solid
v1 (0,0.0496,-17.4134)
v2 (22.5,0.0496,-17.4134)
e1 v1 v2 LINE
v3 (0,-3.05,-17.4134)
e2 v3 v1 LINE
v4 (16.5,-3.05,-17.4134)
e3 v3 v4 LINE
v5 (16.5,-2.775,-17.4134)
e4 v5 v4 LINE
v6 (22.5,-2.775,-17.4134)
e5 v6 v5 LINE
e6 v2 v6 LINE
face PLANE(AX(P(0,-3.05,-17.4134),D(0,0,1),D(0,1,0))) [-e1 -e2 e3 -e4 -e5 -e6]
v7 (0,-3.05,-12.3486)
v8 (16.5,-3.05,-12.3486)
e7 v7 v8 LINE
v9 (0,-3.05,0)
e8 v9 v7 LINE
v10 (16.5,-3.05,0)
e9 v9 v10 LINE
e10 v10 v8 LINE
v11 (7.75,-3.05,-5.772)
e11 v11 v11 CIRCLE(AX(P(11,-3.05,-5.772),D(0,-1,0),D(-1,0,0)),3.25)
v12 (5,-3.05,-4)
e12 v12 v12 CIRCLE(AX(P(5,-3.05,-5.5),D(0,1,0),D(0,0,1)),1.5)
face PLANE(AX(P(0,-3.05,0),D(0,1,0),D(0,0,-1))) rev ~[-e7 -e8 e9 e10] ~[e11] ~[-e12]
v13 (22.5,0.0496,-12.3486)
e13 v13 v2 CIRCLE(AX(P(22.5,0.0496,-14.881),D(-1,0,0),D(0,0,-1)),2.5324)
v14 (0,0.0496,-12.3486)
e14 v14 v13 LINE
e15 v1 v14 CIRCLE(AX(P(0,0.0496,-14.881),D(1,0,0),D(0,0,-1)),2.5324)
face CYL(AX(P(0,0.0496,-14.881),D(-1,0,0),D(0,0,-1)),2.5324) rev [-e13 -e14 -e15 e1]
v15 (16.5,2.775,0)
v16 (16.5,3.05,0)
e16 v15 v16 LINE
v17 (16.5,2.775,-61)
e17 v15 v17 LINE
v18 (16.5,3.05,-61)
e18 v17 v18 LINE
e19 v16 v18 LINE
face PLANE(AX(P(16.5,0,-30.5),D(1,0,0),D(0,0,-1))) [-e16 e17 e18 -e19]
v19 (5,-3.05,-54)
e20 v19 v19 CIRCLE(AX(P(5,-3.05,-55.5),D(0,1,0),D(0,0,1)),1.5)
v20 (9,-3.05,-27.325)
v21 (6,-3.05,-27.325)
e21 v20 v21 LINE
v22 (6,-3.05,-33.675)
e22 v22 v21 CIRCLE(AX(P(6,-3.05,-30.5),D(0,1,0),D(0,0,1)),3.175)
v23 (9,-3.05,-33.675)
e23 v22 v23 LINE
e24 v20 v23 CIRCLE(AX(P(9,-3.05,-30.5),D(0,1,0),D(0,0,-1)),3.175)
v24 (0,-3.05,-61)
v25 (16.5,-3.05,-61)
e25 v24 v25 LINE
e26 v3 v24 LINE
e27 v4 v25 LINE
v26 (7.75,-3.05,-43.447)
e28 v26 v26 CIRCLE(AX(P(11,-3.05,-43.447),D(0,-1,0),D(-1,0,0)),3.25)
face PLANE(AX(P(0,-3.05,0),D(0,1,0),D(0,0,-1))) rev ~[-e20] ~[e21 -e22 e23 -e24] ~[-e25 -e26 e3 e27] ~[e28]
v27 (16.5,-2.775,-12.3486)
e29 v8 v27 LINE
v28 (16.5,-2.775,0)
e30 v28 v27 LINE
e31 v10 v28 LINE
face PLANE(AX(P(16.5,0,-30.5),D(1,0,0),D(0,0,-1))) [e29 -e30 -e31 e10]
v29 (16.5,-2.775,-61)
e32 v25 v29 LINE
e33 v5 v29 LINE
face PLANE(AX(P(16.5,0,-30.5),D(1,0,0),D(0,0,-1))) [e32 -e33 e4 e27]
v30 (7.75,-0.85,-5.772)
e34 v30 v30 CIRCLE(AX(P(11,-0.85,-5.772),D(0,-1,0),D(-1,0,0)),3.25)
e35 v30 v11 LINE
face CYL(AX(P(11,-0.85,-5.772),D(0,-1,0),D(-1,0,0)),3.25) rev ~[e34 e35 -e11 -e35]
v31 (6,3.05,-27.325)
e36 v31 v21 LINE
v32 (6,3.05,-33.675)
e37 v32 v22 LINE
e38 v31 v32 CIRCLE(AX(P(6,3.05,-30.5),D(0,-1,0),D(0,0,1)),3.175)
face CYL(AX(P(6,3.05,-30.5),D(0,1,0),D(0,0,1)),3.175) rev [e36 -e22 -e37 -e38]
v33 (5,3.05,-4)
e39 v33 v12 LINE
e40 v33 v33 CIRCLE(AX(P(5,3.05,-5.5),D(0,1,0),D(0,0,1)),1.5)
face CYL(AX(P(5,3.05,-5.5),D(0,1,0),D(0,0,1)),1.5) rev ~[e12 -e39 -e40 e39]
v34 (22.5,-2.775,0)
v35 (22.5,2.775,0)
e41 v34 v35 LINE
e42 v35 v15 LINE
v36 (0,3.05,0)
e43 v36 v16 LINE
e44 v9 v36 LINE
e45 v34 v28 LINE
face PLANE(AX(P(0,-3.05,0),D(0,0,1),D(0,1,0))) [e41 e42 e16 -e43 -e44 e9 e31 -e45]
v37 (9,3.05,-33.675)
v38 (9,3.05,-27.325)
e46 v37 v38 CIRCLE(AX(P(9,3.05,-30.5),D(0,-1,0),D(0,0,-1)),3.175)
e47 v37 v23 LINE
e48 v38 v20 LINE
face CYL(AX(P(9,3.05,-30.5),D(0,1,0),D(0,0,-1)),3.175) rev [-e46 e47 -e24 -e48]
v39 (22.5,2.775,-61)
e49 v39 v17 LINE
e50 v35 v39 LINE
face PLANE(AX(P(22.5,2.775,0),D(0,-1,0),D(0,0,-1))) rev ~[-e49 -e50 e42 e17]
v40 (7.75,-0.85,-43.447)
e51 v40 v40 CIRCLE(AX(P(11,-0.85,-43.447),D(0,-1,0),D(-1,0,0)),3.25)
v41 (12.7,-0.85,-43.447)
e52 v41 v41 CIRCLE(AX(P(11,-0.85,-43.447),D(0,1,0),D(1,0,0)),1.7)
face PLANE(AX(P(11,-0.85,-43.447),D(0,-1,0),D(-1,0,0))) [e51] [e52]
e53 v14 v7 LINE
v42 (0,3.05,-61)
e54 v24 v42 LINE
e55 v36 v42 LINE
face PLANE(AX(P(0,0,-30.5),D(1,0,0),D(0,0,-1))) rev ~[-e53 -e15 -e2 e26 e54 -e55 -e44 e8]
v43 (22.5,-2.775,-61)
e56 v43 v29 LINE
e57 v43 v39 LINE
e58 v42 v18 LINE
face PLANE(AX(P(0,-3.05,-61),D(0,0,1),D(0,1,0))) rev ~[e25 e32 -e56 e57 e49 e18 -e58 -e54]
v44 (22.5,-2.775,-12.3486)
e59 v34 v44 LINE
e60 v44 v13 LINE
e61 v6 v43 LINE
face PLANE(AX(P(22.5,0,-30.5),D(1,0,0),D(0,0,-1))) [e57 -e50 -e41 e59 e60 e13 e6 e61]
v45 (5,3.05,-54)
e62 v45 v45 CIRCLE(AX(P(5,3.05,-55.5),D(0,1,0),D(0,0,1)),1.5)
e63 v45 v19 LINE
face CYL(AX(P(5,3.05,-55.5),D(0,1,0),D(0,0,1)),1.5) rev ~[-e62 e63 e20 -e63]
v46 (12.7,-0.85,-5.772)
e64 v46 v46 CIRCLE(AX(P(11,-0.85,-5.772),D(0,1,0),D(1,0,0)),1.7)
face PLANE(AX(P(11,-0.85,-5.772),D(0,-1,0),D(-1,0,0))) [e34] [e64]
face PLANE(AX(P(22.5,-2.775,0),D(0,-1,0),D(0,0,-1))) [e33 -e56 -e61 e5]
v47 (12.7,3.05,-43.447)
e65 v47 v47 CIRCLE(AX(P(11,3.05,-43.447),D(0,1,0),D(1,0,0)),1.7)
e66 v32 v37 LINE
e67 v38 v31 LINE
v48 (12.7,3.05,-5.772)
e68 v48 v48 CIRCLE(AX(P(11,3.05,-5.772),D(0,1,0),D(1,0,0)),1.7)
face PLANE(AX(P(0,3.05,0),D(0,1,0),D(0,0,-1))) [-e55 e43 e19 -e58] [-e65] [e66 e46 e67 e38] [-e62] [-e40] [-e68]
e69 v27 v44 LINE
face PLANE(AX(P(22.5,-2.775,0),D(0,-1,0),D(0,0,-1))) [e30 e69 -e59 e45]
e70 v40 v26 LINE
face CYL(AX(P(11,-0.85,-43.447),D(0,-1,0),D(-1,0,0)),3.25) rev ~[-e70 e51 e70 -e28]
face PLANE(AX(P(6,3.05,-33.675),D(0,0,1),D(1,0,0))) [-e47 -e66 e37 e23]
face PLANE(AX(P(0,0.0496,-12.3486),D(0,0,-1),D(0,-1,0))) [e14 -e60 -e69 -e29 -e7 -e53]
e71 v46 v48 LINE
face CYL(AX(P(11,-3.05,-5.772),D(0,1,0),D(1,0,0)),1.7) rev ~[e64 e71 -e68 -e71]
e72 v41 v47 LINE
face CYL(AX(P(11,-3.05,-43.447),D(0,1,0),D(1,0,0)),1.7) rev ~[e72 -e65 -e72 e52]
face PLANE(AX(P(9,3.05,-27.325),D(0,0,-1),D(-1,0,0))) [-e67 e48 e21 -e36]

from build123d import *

# Parameters (mm, degrees)
SKETCH1_W                                        = 61
SKETCH1_H                                        = 6.1
BOSS_EXTRUDE1_DEPTH                              = 22.5
SKETCH2_OUTSIDE_W                                = 76.06
SKETCH2_OUTSIDE_H                                = 21.16
SKETCH2_OUTSIDE_W_2                              = 61
SKETCH2_OUTSIDE_H_2                              = 5.55
CUT_EXTRUDE1_DEPTH                               = 6
CUT_EXTRUDE3_DEPTH                               = 23.5
CUT_EXTRUDE4_DEPTH                               = 7.1
SKETCH7_R                                        = 1.5
CUT_EXTRUDE5_DEPTH                               = 7.1
CBORE_FOR_M3_PAN_HEAD_MACHINE_SCREW2_D           = 3.4
CBORE_FOR_M3_PAN_HEAD_MACHINE_SCREW2_CBORE_D     = 6.5
CBORE_FOR_M3_PAN_HEAD_MACHINE_SCREW2_CBORE_DEPTH = 2.2


with BuildPart() as part:
    # Sketch1 → Boss-Extrude1 (new body)
    with BuildSketch(Plane(origin=(0, 0, 0), x_dir=(0, 0, -1), z_dir=(1, 0, 0))):
        with Locations((30.5, 0)):
            Rectangle(SKETCH1_W, SKETCH1_H)
    extrude(amount=BOSS_EXTRUDE1_DEPTH)

    # Sketch2 outside → Cut-Extrude1 (cut)
    with BuildSketch(Plane(origin=(22.5, 0, 0), x_dir=(0, 0, -1), z_dir=(1, 0, 0))):
        with Locations((30.5, 0)):
            Rectangle(SKETCH2_OUTSIDE_W, SKETCH2_OUTSIDE_H)
        with Locations((30.5, 0)):
            Rectangle(SKETCH2_OUTSIDE_W_2, SKETCH2_OUTSIDE_H_2, mode=Mode.SUBTRACT)
    extrude(amount=-CUT_EXTRUDE1_DEPTH, mode=Mode.SUBTRACT)

    # Sketch5 → Cut-Extrude3 (cut, through all)
    with BuildSketch(Plane.ZY):
        with BuildLine():
            Line((-12.3486, 0.0496), (-12.3486, -3.05))
            Line((-12.3486, -3.05), (-17.4134, -3.05))
            Line((-17.4134, -3.05), (-17.4134, 0.0496))
            ThreePointArc((-17.4134, 0.0496), (-14.881, 2.582), (-12.3486, 0.0496))
        make_face()
    extrude(amount=-CUT_EXTRUDE3_DEPTH, mode=Mode.SUBTRACT)

    # Sketch6 → Cut-Extrude4 (cut, through all)
    with BuildSketch(Plane(origin=(0, 3.05, 0), x_dir=(1, 0, 0), z_dir=(0, 1, 0))):
        with BuildLine():
            Line((9, 27.325), (6, 27.325))
            ThreePointArc((6, 27.325), (2.825, 30.5), (6, 33.675))
            Line((6, 33.675), (9, 33.675))
            ThreePointArc((9, 33.675), (12.175, 30.5), (9, 27.325))
        make_face()
    extrude(amount=-CUT_EXTRUDE4_DEPTH, mode=Mode.SUBTRACT)

    # Sketch7 → Cut-Extrude5 (cut, through all)
    with BuildSketch(Plane(origin=(0, 3.05, 0), x_dir=(1, 0, 0), z_dir=(0, 1, 0))):
        with Locations(Location((5, 55.5, 0), (0, 0, 270))):  # turned: the seam where the file's is
            Circle(SKETCH7_R)
        with Locations(Location((5, 5.5, 0), (0, 0, 270))):  # turned: the seam where the file's is
            Circle(SKETCH7_R)
    extrude(amount=-CUT_EXTRUDE5_DEPTH, mode=Mode.SUBTRACT)

    # CBORE for M3 Pan Head Machine Screw2 (through all)
    with Locations(Plane(origin=(0, -3.05, 0), x_dir=(-1, 0, 0), z_dir=(0, -1, 0))):
        with Locations((-11, 5.772), (-11, 43.447)):
            CounterBoreHole(CBORE_FOR_M3_PAN_HEAD_MACHINE_SCREW2_D / 2, CBORE_FOR_M3_PAN_HEAD_MACHINE_SCREW2_CBORE_D / 2, CBORE_FOR_M3_PAN_HEAD_MACHINE_SCREW2_CBORE_DEPTH)


solid = part.part
